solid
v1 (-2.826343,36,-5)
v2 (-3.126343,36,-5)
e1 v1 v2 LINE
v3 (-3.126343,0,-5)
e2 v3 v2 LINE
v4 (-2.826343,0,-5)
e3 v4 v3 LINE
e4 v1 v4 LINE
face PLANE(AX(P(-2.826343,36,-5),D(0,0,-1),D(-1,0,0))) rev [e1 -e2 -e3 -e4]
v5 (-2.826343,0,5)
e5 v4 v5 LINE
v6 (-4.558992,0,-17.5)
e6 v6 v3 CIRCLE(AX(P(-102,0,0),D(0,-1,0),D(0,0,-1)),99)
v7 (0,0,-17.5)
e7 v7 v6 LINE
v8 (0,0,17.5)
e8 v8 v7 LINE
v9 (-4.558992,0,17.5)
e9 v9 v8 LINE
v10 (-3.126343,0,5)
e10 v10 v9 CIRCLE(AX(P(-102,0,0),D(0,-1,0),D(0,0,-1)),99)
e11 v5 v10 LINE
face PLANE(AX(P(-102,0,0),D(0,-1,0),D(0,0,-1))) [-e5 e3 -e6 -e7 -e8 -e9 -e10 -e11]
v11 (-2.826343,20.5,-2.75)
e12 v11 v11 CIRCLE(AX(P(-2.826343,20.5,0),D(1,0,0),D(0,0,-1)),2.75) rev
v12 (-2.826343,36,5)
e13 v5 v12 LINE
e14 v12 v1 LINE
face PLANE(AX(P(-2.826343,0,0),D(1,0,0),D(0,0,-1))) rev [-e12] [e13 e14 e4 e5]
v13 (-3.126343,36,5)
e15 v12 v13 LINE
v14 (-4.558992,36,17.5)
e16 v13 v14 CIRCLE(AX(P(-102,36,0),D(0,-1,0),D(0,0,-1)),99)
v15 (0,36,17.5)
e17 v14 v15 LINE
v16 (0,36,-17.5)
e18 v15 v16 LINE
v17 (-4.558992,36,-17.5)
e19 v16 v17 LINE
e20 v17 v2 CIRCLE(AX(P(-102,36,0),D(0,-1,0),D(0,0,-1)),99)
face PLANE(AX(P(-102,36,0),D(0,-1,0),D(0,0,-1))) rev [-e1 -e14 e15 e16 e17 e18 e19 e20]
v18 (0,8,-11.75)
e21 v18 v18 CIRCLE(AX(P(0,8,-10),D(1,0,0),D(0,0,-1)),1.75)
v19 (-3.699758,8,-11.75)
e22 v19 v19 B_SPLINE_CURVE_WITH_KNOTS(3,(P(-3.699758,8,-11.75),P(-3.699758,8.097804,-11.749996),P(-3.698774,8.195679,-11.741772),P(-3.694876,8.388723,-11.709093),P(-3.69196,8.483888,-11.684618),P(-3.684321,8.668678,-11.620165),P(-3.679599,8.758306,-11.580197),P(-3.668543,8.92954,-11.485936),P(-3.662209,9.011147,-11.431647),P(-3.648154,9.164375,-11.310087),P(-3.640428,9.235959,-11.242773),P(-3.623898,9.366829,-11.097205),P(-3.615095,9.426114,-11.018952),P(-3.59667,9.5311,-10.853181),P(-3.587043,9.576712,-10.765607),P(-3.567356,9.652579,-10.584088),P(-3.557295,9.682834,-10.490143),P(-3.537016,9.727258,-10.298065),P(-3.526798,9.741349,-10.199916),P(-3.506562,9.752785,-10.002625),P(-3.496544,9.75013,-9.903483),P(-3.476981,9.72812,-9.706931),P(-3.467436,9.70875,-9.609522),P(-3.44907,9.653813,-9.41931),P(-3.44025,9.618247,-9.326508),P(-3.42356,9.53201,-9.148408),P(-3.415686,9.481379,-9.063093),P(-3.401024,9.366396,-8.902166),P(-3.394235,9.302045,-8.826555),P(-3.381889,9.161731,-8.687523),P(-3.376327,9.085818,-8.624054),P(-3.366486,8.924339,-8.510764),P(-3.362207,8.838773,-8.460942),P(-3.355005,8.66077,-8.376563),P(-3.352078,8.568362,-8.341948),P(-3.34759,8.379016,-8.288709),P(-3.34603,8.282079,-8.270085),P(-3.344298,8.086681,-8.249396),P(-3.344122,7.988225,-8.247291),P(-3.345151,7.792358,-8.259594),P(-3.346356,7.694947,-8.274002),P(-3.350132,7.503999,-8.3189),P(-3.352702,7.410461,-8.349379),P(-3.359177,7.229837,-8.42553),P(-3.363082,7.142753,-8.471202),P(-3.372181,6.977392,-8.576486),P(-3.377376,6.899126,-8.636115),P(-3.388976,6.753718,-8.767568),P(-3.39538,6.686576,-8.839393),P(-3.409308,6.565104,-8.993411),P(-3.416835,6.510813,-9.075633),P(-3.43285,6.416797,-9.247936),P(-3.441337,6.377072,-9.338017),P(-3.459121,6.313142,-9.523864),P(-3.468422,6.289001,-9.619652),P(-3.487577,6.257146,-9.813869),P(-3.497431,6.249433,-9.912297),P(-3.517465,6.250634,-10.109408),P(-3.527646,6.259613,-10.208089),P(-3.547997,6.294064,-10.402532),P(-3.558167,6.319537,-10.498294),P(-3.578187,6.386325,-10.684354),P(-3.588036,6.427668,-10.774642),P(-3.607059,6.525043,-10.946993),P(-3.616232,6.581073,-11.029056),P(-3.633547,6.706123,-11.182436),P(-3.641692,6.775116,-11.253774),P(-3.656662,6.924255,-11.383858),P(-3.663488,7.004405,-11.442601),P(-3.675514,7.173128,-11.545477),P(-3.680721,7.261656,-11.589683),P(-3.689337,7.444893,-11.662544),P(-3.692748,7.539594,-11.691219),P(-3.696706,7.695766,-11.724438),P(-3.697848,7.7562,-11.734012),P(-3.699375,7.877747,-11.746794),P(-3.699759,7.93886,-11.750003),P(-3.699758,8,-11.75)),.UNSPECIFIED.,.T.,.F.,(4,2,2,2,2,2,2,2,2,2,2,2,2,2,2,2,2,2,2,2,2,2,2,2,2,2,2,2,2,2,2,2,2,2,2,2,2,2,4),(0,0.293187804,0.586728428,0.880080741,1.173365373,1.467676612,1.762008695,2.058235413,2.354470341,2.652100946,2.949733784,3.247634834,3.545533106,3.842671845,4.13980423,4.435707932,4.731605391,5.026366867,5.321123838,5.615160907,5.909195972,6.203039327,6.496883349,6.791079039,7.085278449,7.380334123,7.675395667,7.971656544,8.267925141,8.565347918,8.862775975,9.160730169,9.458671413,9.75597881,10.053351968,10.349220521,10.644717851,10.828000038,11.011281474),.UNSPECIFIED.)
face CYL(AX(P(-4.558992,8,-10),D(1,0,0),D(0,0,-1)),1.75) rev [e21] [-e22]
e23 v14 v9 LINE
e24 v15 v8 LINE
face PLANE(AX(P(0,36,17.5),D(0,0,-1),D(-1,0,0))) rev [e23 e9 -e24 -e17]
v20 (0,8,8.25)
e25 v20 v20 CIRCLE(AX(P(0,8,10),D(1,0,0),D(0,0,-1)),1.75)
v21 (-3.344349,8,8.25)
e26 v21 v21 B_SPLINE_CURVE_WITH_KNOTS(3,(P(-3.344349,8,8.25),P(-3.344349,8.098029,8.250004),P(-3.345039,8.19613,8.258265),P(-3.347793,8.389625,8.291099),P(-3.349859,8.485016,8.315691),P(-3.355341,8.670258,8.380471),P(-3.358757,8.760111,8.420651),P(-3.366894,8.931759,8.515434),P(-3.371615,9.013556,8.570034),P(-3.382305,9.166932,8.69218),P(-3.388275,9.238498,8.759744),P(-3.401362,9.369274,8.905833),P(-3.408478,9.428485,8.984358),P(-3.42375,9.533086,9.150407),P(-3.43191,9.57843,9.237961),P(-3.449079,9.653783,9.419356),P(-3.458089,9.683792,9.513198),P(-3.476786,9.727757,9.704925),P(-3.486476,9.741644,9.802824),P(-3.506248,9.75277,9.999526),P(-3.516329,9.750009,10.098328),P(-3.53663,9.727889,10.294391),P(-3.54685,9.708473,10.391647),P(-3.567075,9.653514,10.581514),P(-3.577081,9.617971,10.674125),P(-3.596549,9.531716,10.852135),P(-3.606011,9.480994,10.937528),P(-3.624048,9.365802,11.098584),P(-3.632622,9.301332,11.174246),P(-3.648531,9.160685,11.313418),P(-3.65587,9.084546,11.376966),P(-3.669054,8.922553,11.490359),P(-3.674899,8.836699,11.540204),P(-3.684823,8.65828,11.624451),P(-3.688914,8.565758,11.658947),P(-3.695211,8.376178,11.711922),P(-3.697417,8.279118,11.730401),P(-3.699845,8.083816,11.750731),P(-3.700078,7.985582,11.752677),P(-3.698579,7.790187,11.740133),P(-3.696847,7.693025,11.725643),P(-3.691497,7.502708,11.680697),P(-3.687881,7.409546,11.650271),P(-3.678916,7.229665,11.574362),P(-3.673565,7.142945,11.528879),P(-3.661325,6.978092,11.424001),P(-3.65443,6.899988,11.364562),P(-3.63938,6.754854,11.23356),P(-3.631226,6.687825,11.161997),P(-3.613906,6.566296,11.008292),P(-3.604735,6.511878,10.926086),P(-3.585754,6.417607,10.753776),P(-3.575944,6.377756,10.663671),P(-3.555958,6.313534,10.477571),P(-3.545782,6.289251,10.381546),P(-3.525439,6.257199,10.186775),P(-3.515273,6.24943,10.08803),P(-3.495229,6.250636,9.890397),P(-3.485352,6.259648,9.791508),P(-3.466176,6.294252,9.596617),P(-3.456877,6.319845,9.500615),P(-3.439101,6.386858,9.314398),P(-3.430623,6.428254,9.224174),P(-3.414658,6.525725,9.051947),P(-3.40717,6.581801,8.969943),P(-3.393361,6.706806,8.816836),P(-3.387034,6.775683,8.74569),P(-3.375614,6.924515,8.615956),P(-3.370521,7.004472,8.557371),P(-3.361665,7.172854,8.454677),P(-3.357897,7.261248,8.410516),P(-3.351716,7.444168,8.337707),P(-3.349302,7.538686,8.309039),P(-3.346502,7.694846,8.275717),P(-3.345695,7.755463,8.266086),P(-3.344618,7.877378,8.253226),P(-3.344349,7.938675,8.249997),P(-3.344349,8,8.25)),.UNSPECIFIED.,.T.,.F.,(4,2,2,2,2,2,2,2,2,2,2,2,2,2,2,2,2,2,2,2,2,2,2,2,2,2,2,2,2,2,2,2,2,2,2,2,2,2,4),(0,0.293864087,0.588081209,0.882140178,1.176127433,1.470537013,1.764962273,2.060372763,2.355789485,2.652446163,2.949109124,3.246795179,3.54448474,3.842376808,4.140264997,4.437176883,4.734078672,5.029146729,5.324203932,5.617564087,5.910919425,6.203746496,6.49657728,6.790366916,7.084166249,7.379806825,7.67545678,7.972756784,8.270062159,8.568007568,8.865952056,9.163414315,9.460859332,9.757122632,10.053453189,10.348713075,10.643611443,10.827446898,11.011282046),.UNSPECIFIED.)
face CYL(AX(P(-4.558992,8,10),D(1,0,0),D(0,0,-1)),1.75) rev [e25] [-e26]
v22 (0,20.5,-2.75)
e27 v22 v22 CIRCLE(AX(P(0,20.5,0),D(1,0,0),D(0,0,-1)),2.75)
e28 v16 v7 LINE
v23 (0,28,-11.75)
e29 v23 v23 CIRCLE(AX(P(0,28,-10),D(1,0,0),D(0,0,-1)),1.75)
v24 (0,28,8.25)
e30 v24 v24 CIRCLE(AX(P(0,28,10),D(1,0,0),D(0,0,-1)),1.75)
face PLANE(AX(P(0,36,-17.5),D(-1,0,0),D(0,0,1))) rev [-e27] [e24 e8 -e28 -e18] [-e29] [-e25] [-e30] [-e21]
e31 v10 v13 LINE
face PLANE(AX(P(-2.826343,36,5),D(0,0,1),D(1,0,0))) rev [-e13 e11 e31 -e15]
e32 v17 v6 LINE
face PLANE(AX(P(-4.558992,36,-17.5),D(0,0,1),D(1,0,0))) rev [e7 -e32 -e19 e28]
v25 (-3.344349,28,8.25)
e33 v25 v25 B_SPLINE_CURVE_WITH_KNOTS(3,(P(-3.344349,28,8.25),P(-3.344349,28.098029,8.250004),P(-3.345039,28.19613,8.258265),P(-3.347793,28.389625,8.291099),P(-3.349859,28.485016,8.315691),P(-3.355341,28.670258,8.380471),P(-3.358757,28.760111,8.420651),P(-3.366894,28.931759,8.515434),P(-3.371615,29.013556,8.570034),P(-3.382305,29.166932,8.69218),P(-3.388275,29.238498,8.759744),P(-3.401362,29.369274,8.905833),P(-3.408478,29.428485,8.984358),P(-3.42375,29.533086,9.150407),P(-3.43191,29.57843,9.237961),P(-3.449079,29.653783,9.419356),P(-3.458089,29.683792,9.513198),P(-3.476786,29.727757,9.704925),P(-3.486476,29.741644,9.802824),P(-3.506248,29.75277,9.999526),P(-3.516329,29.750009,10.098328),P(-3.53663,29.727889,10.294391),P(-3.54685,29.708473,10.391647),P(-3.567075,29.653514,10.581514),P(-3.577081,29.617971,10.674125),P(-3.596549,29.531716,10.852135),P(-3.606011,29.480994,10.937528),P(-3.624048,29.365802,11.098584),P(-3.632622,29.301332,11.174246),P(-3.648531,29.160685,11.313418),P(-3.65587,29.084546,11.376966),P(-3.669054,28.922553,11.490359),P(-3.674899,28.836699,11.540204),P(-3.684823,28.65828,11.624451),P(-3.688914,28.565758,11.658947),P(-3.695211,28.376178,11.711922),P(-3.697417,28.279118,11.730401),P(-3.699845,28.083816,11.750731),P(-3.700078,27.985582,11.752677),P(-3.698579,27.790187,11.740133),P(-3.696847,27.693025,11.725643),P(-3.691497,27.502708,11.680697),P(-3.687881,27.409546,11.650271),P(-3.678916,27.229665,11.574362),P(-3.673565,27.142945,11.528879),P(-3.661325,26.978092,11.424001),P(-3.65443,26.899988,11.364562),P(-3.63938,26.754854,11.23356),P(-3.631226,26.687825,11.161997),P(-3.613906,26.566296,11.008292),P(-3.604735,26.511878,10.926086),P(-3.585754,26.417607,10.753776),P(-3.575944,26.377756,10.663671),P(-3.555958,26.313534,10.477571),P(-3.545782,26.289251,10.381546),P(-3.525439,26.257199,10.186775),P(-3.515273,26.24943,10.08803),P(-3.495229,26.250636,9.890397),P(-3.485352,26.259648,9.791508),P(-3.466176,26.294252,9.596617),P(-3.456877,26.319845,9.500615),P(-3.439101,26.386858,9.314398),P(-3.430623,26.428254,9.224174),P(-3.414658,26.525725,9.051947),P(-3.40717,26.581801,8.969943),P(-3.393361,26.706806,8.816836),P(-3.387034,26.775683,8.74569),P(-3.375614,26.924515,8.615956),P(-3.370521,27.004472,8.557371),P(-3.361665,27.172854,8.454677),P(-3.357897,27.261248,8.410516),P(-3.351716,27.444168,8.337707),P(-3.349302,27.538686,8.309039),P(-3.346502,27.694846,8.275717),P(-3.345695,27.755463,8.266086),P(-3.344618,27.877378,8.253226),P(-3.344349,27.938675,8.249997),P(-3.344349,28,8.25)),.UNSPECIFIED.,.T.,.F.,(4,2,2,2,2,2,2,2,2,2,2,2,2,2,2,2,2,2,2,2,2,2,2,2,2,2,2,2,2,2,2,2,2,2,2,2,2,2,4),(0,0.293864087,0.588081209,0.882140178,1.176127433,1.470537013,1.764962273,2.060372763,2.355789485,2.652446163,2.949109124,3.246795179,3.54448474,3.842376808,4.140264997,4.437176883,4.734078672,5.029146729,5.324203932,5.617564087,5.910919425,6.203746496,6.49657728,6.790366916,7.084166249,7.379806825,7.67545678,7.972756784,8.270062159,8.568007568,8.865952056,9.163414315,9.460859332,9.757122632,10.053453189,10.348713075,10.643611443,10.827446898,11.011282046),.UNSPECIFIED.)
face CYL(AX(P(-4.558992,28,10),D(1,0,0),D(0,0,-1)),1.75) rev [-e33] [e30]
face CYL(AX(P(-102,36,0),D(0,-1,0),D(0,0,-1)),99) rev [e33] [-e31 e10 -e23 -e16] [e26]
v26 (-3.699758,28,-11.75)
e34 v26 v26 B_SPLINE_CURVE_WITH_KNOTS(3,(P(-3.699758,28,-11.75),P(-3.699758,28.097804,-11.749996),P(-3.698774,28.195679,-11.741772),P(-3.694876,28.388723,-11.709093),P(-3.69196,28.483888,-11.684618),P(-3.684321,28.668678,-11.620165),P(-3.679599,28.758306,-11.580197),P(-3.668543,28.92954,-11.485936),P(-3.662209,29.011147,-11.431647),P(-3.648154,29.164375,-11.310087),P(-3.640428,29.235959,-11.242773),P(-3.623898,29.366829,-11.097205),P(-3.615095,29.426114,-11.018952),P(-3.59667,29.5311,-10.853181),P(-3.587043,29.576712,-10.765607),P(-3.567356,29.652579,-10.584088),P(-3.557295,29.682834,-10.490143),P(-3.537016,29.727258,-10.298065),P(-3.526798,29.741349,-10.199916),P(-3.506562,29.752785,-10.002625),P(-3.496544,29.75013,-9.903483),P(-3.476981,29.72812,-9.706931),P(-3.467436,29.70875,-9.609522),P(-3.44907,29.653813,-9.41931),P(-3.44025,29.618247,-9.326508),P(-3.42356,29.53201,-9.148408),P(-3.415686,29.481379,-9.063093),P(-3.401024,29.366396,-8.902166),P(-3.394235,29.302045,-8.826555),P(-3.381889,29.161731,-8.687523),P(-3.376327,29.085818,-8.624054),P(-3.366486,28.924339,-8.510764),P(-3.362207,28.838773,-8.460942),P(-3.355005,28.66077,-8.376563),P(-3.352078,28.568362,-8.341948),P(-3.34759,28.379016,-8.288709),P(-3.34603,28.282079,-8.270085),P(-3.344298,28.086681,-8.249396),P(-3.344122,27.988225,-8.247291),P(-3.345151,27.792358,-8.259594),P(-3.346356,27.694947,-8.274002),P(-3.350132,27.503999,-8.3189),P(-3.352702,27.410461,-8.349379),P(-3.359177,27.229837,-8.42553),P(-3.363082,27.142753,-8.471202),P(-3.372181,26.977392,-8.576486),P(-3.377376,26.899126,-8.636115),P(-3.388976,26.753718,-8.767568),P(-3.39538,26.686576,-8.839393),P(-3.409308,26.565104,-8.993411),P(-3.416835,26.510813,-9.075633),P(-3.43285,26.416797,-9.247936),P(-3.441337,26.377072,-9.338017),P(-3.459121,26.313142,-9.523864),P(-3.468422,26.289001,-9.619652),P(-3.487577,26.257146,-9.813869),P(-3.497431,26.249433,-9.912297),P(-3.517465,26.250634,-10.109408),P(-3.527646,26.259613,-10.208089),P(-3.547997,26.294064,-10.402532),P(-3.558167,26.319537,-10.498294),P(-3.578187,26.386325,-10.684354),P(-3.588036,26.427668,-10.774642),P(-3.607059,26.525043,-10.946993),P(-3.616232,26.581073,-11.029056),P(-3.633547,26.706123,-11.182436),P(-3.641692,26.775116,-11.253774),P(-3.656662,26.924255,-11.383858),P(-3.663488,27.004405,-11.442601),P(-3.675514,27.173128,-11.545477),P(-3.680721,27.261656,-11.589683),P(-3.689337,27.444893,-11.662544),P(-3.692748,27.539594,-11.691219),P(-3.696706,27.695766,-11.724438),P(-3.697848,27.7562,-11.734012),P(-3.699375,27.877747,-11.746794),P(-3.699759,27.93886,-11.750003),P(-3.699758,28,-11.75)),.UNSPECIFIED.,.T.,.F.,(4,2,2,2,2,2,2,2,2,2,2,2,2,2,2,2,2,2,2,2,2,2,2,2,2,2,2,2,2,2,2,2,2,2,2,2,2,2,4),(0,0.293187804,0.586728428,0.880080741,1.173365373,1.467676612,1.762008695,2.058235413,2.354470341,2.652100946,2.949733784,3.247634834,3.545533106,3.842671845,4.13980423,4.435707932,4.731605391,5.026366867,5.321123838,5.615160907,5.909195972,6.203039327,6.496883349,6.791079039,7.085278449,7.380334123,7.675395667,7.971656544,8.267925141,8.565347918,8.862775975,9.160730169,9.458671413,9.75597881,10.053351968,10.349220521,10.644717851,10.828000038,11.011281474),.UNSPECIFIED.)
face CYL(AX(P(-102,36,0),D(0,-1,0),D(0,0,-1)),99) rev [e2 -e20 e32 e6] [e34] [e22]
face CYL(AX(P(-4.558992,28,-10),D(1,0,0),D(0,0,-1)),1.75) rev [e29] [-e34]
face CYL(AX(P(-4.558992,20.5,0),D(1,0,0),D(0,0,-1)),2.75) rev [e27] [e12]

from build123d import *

# Parameters (mm, degrees)
EXTRUDE_1_DEPTH     = 36
SKETCH_2_R          = 1.75
CUT_EXTRUDE_1_DEPTH = 41.28690122
SKETCH_3_W          = 0.252686492
SKETCH_3_H          = 10
EXTRUDE_2_DEPTH     = 36
SKETCH_4_R          = 2.75
CUT_EXTRUDE_2_DEPTH = 41.286901364
SKETCH_5_W          = 10
SKETCH_5_H          = 36
CUT_EXTRUDE_3_DEPTH = 0.3


with BuildPart() as part:
    # Эскиз1 → Бобышка-Вытянуть1 (new body)
    with BuildSketch(Plane(origin=(0, 0, 0), x_dir=(1, 0, 0), z_dir=(0, 1, 0))):
        with BuildLine():
            Line((-4.558992206, 17.5), (0, 17.5))
            Line((0, 17.5), (0, -17.5))
            Line((0, -17.5), (-4.558992206, -17.5))
            ThreePointArc((-4.558992206, -17.5), (-3, 0), (-4.558992206, 17.5))
        make_face()
    extrude(amount=EXTRUDE_1_DEPTH)

    # Эскиз2 → Вырез-Вытянуть1 (cut, through all)
    with BuildSketch(Plane(origin=(0, 0, 0), x_dir=(0, 0, -1), z_dir=(1, 0, 0))):
        with Locations((-10, 28)):
            Circle(SKETCH_2_R)
        with Locations((10, 28)):
            Circle(SKETCH_2_R)
        with Locations((10, 8)):
            Circle(SKETCH_2_R)
        with Locations((-10, 8)):
            Circle(SKETCH_2_R)
    extrude(amount=-CUT_EXTRUDE_1_DEPTH, mode=Mode.SUBTRACT)

    # Эскиз3 → Бобышка-Вытянуть2 (add, through all)
    with BuildSketch(Plane(origin=(0, 36, 0), x_dir=(1, 0, 0), z_dir=(0, 1, 0))):
        with Locations((-3, 0)):
            Rectangle(SKETCH_3_W, SKETCH_3_H)
    extrude(amount=-EXTRUDE_2_DEPTH)

    # Эскиз4 → Вырез-Вытянуть2 (cut, through all)
    with BuildSketch(Plane(origin=(0, 0, 0), x_dir=(0, 0, -1), z_dir=(1, 0, 0))):
        with Locations((0, 20.5)):
            Circle(SKETCH_4_R)
    extrude(amount=-CUT_EXTRUDE_2_DEPTH, mode=Mode.SUBTRACT)

    # Эскиз5 → Вырез-Вытянуть3 (cut)
    with BuildSketch(Plane.ZY.offset(3.126343246)):
        with Locations((0, 18)):
            Rectangle(SKETCH_5_W, SKETCH_5_H)
    extrude(amount=-CUT_EXTRUDE_3_DEPTH, mode=Mode.SUBTRACT)


solid = part.part
